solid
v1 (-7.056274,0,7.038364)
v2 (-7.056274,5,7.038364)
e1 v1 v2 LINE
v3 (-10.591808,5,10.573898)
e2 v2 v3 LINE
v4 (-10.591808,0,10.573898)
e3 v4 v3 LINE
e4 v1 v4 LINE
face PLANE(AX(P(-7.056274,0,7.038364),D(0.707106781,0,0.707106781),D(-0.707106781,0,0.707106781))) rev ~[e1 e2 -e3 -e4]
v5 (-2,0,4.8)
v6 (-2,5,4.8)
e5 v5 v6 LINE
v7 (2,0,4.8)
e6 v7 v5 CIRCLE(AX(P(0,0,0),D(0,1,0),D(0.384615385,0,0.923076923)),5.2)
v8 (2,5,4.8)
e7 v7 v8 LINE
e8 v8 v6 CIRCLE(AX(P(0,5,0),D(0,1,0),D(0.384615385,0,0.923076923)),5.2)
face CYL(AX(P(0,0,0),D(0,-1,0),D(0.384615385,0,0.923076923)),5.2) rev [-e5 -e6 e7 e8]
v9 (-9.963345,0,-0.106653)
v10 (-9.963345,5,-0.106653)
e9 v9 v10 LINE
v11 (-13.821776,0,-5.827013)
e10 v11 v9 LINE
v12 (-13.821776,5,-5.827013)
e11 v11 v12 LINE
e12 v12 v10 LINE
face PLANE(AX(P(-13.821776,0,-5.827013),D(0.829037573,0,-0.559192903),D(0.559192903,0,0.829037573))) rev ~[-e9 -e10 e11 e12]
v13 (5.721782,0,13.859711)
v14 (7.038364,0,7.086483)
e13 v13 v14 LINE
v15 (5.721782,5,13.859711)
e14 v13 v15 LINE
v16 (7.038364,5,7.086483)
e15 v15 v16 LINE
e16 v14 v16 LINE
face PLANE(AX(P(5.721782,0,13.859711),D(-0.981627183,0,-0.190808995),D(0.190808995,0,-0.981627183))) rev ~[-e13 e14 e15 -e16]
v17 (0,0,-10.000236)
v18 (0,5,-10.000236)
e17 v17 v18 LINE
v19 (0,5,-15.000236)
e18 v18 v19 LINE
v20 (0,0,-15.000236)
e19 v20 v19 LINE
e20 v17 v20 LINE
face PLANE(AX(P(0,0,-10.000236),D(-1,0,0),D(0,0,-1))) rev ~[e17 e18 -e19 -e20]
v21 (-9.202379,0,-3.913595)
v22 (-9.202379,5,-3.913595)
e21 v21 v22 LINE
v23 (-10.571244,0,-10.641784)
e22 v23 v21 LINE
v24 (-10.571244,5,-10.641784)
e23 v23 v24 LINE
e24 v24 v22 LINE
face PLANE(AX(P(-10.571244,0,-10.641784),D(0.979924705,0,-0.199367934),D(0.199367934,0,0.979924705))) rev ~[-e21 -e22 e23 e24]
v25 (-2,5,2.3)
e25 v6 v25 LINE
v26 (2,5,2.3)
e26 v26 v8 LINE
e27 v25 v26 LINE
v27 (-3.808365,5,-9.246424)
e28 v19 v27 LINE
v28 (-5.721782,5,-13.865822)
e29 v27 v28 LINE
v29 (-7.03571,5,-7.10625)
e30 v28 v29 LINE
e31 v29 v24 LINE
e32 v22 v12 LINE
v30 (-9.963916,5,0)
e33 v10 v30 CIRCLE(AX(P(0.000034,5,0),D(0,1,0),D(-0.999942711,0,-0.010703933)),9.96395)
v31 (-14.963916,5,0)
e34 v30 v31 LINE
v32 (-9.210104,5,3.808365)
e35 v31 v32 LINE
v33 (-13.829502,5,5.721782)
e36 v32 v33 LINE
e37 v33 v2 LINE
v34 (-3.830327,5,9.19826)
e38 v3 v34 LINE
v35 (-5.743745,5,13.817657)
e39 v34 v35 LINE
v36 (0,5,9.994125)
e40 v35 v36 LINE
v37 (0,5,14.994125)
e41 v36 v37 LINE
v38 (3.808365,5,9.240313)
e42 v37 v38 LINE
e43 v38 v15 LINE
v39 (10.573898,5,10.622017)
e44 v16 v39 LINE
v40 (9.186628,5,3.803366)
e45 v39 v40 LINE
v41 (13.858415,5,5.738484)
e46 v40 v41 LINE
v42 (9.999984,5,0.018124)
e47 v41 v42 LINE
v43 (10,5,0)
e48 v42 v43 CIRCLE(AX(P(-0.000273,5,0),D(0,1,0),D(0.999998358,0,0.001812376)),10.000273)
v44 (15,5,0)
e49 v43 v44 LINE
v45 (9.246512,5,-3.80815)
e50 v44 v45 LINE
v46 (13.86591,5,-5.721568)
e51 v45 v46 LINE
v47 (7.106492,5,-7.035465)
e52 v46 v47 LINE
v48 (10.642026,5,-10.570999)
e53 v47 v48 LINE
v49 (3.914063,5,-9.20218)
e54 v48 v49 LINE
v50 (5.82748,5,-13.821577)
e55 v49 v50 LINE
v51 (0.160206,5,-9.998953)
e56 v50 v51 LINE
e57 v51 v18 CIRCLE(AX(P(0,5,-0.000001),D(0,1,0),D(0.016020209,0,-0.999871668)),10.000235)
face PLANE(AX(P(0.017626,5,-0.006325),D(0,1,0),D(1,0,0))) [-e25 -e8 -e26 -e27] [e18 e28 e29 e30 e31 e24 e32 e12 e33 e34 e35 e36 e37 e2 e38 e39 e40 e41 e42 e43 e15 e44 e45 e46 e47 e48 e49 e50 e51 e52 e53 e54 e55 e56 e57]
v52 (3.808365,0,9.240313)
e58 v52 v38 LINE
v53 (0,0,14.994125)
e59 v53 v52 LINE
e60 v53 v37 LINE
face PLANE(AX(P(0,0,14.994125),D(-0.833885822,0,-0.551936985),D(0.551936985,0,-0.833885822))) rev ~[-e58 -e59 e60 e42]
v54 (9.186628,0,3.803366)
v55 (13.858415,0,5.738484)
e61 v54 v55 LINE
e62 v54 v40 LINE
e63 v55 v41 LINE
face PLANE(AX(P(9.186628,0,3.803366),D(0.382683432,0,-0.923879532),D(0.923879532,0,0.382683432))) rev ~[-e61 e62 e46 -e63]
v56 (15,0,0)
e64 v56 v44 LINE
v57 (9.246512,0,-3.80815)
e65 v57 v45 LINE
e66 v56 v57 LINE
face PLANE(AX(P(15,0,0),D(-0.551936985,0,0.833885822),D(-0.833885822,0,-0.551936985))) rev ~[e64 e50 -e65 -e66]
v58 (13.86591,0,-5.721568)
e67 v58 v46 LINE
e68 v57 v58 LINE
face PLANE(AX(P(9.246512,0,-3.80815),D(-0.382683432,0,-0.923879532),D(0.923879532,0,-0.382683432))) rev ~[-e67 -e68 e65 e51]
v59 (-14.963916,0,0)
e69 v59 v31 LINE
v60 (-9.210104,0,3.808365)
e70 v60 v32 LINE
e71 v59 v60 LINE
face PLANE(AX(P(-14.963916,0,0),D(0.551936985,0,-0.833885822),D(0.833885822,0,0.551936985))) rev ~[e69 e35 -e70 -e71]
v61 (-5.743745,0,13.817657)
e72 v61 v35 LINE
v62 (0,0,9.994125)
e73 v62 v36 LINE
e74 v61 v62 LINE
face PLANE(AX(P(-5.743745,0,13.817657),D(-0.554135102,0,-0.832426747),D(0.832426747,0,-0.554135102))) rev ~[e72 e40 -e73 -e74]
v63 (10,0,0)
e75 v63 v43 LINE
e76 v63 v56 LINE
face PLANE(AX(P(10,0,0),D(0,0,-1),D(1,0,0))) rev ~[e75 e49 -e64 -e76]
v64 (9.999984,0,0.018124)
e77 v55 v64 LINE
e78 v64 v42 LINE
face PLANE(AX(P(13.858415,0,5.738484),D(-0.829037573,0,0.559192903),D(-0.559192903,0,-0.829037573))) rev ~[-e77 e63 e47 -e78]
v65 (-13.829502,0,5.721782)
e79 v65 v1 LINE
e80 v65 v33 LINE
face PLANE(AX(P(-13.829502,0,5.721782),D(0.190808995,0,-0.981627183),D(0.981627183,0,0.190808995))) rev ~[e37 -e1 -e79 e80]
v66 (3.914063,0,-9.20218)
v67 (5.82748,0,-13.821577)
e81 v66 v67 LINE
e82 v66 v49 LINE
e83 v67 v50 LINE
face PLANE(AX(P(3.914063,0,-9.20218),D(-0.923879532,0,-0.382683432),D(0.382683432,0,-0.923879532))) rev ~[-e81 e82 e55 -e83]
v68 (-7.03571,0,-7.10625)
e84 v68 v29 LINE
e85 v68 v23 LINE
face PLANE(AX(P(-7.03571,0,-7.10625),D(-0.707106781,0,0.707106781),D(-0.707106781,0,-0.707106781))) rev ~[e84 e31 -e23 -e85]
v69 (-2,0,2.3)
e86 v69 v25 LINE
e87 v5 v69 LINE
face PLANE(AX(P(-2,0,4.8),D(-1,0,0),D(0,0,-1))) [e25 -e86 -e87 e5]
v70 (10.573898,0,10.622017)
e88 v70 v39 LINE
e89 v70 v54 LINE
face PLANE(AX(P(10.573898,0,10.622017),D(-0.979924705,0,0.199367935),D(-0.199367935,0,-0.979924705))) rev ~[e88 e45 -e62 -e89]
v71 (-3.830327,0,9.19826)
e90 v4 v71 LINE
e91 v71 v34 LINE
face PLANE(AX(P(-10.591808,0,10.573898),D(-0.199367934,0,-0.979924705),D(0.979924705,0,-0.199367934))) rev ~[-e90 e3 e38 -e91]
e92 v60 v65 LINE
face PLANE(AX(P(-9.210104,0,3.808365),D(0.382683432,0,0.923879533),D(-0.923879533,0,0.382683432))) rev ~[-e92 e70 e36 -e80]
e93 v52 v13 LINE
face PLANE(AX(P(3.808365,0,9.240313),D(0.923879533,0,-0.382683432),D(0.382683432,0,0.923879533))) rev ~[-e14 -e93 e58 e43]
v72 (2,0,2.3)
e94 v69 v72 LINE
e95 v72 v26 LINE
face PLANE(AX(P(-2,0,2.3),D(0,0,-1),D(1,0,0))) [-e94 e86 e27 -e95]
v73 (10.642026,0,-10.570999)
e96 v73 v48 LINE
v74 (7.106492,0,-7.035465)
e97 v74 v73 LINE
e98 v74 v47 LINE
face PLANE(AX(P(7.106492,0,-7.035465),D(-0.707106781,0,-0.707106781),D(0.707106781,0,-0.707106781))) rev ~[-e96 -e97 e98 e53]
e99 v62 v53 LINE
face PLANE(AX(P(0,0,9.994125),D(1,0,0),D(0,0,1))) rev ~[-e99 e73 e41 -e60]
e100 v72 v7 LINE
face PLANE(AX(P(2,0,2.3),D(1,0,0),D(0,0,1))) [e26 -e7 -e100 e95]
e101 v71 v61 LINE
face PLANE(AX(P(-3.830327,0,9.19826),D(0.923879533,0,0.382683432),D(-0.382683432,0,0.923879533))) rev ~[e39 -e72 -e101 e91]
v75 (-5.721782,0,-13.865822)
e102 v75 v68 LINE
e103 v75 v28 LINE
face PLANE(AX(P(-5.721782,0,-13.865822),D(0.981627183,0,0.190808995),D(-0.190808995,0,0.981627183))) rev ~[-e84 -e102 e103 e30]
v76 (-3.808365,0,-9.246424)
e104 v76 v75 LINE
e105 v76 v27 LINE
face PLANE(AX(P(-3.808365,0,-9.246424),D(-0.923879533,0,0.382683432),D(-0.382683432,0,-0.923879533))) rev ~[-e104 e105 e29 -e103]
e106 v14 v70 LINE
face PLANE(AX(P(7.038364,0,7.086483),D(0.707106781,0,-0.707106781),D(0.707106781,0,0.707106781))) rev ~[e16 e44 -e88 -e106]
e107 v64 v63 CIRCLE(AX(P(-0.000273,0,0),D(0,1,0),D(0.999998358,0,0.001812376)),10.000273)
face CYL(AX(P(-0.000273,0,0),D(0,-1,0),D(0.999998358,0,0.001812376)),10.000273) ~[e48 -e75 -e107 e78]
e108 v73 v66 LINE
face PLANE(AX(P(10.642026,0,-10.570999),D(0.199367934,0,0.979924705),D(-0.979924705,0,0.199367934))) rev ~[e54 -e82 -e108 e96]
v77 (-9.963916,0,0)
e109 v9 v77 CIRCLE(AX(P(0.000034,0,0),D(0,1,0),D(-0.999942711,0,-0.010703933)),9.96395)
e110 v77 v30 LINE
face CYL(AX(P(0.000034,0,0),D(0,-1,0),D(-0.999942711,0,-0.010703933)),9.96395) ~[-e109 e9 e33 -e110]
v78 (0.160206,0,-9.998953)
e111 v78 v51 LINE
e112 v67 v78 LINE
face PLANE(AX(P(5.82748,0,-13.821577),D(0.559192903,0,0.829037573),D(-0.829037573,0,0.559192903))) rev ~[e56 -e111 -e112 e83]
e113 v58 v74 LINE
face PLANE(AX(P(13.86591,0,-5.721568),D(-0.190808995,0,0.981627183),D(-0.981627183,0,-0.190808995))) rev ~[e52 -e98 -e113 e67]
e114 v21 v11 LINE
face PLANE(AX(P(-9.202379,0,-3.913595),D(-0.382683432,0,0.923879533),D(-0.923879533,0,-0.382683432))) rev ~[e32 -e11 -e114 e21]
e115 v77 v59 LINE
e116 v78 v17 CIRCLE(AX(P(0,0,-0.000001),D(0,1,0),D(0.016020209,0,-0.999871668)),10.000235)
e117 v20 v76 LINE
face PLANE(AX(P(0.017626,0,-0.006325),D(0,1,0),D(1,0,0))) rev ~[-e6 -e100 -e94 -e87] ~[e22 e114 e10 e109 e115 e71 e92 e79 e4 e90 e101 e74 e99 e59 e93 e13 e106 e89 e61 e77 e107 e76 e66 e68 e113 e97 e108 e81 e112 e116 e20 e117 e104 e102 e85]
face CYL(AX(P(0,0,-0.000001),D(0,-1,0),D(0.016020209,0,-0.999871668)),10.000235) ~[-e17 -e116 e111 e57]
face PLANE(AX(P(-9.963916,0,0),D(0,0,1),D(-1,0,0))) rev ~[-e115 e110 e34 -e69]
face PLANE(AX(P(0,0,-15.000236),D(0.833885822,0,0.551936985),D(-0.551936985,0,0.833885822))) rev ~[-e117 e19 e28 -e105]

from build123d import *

# Parameters (mm, degrees)
BOSS_EXTRUDE1_DEPTH = 5


with BuildPart() as part:
    # Sketch1 → Boss-Extrude1 (new body)
    with BuildSketch(Plane(origin=(0, 0, 0), x_dir=(1, 0, 0), z_dir=(0, 1, 0))):
        with BuildLine():
            Line((0, -9.994125046), (0, -14.994125046))
            Line((0, -14.994125046), (3.808365199, -9.240312874))
            Line((3.808365199, -9.240312874), (5.72178236, -13.859710537))
            Line((5.72178236, -13.859710537), (7.038364429, -7.086482971))
            Line((7.038364429, -7.086482971), (10.573898335, -10.622016877))
            Line((10.573898335, -10.622016877), (9.186628177, -3.803366209))
            Line((9.186628177, -3.803366209), (13.858414609, -5.73848351))
            Line((13.858414609, -5.73848351), (9.999983576, -0.018124259))
            ThreePointArc((9.999983576, -0.018124259), (9.999995894, -0.009062133), (10, 0))
            Line((10, 0), (15, 0))
            Line((15, 0), (9.246512341, 3.808150408))
            Line((9.246512341, 3.808150408), (13.865910003, 5.72156757))
            Line((13.865910003, 5.72156757), (7.106491915, 7.035465347))
            Line((7.106491915, 7.035465347), (10.642025821, 10.570999253))
            Line((10.642025821, 10.570999253), (3.914062891, 9.202179725))
            Line((3.914062891, 9.202179725), (5.827480053, 13.821577387))
            Line((5.827480053, 13.821577387), (0.160205895, 9.998952701))
            ThreePointArc((0.160205895, 9.998952701), (0.080105518, 9.999915207), (0, 10.000236049))
            Line((0, 10.000236049), (0, 15.000236049))
            Line((0, 15.000236049), (-3.808365199, 9.246423877))
            Line((-3.808365199, 9.246423877), (-5.72178236, 13.86582154))
            Line((-5.72178236, 13.86582154), (-7.03571003, 7.10624967))
            Line((-7.03571003, 7.10624967), (-10.571243936, 10.641783576))
            Line((-10.571243936, 10.641783576), (-9.202378572, 3.913595357))
            Line((-9.202378572, 3.913595357), (-13.821776235, 5.827012519))
            Line((-13.821776235, 5.827012519), (-9.963345201, 0.106653268))
            ThreePointArc((-9.963345201, 0.106653268), (-9.963773316, 0.053327398), (-9.963916023, 0))
            Line((-9.963916023, 0), (-14.963916023, 0))
            Line((-14.963916023, 0), (-9.21010385, -3.808365199))
            Line((-9.21010385, -3.808365199), (-13.829501513, -5.72178236))
            Line((-13.829501513, -5.72178236), (-7.056273947, -7.038364429))
            Line((-7.056273947, -7.038364429), (-10.591807853, -10.573898335))
            Line((-10.591807853, -10.573898335), (-3.830327391, -9.198259587))
            Line((-3.830327391, -9.198259587), (-5.743744553, -13.81765725))
            Line((-5.743744553, -13.81765725), (0, -9.994125046))
        make_face()
        with BuildLine():
            Line((-2, -4.8), (-2, -2.3))
            Line((-2, -2.3), (2, -2.3))
            Line((2, -2.3), (2, -4.8))
            ThreePointArc((2, -4.8), (0, 5.2), (-2, -4.8))
        make_face(mode=Mode.SUBTRACT)
    extrude(amount=BOSS_EXTRUDE1_DEPTH)


solid = part.part
